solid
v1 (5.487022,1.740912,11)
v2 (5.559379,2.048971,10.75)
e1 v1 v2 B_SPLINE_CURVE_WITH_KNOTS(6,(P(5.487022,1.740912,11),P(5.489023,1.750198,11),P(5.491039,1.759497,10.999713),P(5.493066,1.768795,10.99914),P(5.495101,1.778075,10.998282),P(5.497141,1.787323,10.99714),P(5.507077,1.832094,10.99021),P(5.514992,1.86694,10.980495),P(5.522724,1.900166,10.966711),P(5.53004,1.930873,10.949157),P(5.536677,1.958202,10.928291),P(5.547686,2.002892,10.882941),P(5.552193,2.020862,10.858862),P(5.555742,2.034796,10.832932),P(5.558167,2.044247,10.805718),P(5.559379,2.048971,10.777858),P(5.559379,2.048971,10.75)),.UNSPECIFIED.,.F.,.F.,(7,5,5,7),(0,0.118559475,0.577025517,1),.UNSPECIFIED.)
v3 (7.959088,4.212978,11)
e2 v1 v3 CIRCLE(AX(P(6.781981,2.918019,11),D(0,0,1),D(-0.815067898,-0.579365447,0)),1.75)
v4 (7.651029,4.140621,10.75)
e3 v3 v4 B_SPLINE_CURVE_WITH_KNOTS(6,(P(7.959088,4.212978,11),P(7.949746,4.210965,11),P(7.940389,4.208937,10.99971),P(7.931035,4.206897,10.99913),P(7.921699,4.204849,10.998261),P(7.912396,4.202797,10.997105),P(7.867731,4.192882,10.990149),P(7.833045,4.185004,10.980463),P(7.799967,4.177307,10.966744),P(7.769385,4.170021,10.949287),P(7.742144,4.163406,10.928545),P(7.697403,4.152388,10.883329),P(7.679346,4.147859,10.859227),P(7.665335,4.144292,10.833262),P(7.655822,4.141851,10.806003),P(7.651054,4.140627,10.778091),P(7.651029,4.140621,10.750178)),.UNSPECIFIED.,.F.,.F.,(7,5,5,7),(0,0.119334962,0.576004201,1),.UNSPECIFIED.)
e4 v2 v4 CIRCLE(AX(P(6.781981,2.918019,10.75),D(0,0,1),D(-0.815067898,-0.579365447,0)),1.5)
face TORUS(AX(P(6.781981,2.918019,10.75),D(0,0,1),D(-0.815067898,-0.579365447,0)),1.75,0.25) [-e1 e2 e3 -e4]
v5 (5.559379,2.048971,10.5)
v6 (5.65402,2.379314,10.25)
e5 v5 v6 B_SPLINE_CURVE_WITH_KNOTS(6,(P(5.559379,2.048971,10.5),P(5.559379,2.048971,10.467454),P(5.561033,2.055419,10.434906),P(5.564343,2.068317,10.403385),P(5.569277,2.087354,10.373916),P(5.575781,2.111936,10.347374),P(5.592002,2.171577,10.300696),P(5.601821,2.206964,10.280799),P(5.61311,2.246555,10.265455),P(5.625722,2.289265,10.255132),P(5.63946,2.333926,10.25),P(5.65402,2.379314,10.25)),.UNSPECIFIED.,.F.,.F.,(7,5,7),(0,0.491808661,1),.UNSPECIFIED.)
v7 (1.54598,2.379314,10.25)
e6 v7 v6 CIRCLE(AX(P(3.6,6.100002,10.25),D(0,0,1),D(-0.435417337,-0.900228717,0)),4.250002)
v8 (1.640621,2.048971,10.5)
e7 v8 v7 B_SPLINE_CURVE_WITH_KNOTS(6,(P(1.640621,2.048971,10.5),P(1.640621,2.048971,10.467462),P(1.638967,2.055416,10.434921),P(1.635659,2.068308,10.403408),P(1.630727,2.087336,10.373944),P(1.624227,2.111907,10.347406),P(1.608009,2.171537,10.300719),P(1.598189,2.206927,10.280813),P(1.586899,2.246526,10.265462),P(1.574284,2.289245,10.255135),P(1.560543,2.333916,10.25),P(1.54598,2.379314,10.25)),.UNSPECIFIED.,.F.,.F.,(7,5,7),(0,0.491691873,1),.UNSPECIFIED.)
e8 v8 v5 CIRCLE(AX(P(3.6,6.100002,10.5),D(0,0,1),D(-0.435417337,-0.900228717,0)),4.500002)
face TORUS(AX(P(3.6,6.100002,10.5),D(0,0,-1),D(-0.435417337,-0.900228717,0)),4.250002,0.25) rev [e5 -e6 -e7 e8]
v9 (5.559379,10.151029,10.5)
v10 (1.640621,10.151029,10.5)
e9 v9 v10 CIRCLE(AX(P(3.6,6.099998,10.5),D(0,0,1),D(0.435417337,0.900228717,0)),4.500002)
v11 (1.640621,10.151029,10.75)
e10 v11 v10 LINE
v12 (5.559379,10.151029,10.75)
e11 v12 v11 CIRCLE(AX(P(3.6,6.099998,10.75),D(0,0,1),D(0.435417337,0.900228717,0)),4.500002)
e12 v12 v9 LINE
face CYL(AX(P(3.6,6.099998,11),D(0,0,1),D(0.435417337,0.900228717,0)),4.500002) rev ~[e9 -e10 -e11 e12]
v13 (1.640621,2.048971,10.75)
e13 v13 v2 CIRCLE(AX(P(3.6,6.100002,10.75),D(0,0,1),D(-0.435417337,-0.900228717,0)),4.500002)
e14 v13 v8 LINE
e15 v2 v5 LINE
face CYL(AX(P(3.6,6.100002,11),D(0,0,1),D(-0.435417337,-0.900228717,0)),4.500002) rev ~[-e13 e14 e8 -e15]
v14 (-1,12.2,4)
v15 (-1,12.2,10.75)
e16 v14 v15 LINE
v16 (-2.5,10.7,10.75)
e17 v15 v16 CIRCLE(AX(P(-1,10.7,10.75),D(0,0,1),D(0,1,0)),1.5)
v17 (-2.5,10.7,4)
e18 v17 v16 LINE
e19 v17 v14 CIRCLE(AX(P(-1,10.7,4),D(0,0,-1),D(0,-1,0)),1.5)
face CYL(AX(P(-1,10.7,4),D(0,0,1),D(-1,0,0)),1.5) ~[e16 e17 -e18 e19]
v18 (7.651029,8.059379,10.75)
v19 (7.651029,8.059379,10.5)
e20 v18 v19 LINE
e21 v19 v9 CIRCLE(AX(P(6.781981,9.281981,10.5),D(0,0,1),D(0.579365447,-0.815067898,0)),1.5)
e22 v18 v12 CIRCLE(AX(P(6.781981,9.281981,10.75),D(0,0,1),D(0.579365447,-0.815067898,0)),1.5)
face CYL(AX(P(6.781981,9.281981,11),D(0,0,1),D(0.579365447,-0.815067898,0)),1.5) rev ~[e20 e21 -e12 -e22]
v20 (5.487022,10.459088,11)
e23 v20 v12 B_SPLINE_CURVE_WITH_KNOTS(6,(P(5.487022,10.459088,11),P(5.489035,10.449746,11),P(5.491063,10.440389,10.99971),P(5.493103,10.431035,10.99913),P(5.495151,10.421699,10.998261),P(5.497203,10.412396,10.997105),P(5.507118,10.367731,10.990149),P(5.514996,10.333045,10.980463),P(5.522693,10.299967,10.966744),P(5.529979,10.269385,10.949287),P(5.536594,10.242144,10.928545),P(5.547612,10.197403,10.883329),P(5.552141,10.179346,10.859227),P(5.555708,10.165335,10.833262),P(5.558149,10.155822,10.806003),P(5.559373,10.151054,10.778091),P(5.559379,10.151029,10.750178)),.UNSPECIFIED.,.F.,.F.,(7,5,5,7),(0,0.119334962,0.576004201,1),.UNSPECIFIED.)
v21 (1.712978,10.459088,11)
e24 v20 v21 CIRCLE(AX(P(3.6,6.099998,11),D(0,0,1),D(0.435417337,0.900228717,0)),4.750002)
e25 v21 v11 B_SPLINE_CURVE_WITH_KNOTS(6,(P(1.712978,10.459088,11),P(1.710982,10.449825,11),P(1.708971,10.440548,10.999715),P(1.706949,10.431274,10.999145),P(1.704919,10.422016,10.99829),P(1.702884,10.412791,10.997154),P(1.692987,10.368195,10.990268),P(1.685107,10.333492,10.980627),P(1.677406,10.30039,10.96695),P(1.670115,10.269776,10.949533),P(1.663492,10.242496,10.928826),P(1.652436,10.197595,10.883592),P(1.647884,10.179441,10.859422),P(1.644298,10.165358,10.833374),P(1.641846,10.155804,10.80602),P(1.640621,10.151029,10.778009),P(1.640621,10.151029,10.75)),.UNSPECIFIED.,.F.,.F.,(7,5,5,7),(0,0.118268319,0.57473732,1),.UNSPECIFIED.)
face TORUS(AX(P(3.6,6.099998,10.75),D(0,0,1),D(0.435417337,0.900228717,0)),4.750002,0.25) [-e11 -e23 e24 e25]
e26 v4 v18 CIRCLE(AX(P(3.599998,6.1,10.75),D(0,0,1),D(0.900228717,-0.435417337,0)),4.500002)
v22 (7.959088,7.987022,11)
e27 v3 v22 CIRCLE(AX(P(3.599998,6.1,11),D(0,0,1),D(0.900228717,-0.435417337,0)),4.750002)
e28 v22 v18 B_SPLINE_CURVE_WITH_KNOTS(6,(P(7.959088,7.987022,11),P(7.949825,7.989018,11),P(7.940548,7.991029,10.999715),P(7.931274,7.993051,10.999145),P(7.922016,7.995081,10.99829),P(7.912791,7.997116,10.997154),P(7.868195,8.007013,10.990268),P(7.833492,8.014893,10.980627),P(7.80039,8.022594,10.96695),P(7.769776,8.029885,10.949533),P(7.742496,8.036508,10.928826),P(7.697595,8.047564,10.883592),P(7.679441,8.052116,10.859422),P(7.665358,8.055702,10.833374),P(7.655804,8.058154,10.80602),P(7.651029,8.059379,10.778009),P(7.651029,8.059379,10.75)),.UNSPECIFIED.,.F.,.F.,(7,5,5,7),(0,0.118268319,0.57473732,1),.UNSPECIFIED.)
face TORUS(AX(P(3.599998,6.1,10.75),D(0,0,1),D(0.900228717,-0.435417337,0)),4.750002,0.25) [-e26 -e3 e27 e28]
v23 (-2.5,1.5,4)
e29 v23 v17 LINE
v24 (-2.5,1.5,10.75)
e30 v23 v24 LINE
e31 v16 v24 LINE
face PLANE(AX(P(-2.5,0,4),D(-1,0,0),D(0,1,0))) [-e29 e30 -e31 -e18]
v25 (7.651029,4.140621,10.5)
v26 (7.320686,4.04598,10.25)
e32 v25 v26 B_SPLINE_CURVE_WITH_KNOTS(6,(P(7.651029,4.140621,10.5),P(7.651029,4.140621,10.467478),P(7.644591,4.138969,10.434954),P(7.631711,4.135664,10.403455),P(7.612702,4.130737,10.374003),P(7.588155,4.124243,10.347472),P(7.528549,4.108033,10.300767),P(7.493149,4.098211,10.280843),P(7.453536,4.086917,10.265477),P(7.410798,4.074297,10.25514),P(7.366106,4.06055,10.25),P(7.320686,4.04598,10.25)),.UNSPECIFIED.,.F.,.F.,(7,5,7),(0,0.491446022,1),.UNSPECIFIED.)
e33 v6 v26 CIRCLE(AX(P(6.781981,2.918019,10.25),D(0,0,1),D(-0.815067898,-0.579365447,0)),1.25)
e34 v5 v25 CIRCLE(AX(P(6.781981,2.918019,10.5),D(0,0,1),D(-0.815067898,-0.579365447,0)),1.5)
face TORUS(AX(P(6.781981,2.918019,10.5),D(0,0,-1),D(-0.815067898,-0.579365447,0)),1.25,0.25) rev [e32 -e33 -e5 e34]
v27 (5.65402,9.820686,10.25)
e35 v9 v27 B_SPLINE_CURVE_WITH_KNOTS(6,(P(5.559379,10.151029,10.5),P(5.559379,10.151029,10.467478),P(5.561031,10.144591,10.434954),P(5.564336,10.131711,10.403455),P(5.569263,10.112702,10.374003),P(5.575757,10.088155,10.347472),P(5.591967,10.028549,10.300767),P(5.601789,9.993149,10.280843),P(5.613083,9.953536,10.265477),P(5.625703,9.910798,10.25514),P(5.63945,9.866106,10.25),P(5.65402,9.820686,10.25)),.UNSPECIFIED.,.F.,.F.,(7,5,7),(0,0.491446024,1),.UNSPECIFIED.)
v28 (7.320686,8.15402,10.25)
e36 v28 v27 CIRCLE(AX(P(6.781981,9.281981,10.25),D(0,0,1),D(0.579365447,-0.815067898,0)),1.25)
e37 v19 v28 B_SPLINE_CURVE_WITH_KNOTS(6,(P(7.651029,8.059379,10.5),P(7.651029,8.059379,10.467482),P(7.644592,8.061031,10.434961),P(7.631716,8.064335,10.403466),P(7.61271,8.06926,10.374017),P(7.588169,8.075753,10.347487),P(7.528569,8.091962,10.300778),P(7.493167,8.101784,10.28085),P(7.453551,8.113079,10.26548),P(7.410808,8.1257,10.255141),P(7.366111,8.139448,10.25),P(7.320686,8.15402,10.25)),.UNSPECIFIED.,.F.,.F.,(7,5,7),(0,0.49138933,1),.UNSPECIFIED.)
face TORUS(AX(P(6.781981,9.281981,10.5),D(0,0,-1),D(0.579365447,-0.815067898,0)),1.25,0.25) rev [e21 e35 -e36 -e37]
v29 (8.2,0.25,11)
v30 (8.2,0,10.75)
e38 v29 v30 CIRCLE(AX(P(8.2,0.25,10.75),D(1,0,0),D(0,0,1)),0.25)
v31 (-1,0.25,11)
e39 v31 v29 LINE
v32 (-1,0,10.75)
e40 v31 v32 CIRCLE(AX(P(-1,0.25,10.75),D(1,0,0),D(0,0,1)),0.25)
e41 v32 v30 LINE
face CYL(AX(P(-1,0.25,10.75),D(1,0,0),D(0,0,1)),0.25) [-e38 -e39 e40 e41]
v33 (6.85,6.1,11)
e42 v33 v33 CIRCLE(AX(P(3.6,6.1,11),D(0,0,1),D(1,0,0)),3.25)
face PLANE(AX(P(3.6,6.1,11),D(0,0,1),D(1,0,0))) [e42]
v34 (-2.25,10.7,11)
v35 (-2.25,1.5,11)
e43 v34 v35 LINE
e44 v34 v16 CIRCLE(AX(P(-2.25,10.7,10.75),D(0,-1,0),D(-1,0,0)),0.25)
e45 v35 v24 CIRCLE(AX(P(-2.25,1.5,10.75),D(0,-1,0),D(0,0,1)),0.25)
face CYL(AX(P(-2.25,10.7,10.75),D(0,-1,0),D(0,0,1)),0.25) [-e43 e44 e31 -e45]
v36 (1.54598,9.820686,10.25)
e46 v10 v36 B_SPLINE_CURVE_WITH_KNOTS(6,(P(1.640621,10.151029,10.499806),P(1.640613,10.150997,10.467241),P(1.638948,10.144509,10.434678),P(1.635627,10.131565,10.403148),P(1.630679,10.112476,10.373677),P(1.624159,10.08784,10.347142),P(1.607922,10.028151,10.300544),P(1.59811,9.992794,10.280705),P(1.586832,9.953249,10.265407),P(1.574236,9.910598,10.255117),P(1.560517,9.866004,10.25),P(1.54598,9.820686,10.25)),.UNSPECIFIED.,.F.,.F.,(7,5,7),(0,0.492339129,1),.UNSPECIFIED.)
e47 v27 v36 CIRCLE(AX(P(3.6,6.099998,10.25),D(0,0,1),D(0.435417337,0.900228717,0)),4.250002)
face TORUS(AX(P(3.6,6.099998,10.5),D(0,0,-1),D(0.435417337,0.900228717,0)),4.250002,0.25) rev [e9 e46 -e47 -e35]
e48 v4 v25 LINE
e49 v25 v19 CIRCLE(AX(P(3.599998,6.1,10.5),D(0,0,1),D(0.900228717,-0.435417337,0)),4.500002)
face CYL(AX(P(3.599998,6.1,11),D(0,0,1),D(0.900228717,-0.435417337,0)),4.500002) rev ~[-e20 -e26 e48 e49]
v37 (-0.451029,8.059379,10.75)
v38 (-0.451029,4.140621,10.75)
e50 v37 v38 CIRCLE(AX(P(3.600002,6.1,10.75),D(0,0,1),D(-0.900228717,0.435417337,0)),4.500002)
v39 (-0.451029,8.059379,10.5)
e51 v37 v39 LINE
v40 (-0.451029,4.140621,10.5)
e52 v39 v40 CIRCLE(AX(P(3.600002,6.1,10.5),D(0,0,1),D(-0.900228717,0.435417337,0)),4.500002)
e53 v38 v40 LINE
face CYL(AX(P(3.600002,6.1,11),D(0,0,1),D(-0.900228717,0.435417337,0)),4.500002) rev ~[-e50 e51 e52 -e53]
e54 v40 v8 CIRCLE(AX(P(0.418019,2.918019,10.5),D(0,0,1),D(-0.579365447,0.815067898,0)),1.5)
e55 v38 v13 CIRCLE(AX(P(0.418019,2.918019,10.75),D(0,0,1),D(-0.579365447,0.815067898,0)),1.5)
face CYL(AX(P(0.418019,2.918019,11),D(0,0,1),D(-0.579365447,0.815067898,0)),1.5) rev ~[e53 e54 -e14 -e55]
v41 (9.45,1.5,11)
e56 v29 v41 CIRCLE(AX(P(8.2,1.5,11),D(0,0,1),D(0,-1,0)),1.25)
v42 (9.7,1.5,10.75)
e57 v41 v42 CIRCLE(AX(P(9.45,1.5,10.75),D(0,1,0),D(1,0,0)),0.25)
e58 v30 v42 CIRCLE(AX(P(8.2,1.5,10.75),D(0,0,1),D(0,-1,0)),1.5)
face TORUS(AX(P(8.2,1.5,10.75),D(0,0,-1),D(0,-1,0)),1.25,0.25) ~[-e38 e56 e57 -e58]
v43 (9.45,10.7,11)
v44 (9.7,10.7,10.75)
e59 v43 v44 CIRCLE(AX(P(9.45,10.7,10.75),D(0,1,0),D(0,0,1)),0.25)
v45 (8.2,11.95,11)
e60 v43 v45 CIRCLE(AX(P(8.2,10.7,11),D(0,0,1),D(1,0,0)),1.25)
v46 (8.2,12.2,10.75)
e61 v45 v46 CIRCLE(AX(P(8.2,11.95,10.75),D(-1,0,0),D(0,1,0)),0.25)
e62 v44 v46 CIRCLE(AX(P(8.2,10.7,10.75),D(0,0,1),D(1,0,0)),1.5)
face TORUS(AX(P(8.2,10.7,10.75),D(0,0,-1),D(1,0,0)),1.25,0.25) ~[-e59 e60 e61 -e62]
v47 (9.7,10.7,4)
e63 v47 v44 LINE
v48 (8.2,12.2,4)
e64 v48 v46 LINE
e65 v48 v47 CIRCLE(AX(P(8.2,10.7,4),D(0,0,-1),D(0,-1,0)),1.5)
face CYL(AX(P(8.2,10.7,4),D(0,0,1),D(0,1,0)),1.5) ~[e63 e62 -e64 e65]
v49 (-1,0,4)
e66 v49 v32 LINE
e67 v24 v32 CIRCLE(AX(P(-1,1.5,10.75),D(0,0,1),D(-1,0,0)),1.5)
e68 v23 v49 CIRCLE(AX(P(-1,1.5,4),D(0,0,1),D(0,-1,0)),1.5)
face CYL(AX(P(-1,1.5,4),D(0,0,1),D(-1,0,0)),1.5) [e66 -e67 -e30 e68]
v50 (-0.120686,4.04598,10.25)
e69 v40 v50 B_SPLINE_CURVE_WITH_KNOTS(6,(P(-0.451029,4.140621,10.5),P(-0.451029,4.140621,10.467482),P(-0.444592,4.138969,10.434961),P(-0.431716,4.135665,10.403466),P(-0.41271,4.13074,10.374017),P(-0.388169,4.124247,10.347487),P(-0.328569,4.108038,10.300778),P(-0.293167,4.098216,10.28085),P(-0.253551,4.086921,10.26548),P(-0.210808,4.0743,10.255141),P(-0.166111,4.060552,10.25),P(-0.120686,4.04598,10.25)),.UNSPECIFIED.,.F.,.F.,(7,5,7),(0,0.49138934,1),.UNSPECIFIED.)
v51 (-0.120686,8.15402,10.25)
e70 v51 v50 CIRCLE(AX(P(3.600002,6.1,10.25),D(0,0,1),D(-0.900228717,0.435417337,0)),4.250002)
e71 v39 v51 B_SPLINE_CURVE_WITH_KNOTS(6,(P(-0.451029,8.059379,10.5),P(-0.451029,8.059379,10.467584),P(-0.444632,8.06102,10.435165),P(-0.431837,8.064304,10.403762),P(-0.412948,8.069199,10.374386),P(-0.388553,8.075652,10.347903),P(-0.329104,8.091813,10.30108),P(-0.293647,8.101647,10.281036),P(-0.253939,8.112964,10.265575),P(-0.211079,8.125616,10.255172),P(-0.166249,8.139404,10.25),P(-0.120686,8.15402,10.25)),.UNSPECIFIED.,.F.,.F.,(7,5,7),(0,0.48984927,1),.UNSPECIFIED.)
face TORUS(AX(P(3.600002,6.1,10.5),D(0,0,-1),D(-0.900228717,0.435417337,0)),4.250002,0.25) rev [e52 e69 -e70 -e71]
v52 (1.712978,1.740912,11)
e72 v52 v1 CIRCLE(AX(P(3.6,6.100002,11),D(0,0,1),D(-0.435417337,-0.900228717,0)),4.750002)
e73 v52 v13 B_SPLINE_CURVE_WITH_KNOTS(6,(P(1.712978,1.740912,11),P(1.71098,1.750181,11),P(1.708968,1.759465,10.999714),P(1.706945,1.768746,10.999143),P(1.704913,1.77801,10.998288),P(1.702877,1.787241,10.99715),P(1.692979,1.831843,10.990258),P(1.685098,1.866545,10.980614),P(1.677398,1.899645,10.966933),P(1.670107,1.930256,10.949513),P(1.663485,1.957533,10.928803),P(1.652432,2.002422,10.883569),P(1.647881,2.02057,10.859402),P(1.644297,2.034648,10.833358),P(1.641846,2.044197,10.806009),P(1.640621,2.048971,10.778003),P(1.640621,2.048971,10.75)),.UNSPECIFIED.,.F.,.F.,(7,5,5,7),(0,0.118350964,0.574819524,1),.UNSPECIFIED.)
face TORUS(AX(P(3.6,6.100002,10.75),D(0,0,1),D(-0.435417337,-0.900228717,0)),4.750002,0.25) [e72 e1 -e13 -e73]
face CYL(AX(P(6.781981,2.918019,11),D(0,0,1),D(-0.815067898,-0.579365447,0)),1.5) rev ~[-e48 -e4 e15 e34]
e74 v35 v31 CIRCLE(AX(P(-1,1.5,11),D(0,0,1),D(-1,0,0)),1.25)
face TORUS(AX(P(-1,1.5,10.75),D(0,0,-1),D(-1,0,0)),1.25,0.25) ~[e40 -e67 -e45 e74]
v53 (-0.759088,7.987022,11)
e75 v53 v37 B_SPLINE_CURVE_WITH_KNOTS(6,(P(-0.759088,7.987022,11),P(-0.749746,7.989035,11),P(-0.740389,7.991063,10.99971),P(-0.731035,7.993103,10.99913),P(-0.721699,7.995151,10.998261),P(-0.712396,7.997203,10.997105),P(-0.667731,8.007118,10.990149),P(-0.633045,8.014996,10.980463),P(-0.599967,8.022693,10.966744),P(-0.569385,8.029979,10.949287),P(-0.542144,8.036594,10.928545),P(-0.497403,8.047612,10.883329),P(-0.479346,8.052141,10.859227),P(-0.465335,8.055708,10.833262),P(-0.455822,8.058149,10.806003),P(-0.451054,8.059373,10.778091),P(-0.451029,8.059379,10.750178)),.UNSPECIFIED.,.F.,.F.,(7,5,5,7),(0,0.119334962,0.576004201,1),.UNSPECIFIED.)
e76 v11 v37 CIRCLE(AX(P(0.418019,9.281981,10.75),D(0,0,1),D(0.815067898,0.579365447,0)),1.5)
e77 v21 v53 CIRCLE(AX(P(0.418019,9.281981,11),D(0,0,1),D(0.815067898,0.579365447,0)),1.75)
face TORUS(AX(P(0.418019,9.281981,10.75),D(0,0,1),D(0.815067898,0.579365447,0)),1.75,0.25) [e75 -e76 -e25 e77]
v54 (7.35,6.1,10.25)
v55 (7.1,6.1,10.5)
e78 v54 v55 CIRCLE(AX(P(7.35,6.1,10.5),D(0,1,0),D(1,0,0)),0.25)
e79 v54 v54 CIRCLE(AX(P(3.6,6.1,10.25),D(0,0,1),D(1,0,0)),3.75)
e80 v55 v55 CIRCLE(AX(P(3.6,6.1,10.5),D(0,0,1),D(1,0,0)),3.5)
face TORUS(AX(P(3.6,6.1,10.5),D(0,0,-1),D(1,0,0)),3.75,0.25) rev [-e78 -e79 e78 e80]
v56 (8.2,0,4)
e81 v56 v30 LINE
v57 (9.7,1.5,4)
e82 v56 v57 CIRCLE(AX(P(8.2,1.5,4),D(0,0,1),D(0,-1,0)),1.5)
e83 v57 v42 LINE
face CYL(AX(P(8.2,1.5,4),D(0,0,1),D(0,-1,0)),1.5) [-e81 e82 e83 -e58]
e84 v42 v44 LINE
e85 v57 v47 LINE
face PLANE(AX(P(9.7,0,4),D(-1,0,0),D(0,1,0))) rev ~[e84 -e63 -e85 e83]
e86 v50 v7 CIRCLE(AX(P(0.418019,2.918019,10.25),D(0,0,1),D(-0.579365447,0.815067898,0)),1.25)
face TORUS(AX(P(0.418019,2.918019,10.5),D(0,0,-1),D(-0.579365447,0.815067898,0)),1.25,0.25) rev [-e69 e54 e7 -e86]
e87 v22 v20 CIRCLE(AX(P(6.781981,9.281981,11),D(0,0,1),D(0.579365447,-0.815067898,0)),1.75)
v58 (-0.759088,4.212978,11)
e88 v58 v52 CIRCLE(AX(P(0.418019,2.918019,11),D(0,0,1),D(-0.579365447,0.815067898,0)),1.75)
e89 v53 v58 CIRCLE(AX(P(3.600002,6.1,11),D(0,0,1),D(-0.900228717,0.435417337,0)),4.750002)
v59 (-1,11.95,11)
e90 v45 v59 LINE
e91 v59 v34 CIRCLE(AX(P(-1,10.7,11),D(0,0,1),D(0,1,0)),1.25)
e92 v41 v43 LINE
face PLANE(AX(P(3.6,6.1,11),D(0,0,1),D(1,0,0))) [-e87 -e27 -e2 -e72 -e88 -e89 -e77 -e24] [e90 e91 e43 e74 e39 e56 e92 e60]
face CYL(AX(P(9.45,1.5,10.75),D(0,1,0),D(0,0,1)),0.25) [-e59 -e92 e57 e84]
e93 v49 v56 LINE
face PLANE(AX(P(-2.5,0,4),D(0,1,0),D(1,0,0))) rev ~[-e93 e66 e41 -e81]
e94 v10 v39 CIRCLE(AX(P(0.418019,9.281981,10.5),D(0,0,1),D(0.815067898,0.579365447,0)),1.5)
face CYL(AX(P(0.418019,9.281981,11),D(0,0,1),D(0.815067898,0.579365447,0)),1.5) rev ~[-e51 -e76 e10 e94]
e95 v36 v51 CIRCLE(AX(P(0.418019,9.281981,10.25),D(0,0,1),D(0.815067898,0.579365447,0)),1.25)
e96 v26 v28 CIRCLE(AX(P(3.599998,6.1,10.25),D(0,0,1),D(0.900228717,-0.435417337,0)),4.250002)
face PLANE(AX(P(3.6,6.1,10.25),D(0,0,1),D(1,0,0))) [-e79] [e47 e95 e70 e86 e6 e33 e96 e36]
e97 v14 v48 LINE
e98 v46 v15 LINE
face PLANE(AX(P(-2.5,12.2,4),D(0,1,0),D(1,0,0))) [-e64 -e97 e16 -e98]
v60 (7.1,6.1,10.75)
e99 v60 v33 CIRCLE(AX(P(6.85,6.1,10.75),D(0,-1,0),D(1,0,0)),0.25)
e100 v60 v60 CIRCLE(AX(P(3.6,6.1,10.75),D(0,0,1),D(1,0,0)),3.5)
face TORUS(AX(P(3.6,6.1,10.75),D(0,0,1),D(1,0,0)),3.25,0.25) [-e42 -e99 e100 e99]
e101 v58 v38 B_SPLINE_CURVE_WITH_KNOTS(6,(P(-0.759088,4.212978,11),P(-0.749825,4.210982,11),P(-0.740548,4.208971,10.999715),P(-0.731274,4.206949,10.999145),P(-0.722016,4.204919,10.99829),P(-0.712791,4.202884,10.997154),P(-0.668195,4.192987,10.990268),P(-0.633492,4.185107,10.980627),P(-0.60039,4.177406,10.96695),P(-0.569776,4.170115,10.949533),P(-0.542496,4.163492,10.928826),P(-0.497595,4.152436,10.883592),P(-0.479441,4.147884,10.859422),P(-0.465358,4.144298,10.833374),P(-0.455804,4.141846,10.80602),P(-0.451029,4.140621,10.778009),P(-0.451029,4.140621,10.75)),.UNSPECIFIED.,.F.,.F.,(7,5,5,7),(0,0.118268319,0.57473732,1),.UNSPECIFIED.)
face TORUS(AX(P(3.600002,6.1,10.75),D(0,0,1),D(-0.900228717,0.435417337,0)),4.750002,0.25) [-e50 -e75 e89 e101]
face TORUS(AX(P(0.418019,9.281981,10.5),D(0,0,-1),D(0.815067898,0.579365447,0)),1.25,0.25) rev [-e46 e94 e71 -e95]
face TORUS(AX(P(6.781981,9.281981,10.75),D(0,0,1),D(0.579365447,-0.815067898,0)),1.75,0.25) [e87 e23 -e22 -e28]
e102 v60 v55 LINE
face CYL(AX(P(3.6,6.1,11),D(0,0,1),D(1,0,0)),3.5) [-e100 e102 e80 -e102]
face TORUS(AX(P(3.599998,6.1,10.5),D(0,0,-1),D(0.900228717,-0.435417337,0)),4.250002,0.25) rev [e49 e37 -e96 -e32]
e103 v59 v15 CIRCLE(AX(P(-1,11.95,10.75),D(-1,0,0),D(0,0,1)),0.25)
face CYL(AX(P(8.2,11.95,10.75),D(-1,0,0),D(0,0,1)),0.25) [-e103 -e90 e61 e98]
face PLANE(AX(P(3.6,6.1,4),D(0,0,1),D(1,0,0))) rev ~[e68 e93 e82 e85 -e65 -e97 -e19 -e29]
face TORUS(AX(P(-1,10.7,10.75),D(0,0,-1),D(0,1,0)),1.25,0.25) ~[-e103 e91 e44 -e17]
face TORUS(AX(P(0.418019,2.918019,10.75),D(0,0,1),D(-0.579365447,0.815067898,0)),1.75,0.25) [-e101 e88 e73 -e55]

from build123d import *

# Parameters (mm, degrees)
SKETCH015_W  = 12.2
SKETCH015_H  = 12.2
PAD076_DEPTH = 7
SKETCH016_R  = 3.5
POCKET_DEPTH = 0.75
FILLET002_R  = 1.5
FILLET003_R  = 0.25


with BuildPart() as part:
    # Sketch015 (on Face1 of CopyPad002) → Pad076 (new body)
    with BuildSketch(Plane.XY.offset(4)):
        with Locations((3.6, 6.1)):
            Rectangle(SKETCH015_W, SKETCH015_H)
    extrude(amount=PAD076_DEPTH)

    # Sketch016 (on Face6 of Pad076) → Pocket (cut)
    with BuildSketch(Plane.XY.offset(11)):
        with BuildLine():
            ThreePointArc((5.559379, 2.048971), (7.842641, 1.857359), (7.651029, 4.140621))
            ThreePointArc((7.651029, 4.140621), (8.1, 6.1), (7.651029, 8.059379))
            ThreePointArc((7.651029, 8.059379), (7.842641, 10.342641), (5.559379, 10.151029))
            ThreePointArc((5.559379, 10.151029), (3.6, 10.6), (1.640621, 10.151029))
            ThreePointArc((1.640621, 10.151029), (-0.642641, 10.342641), (-0.451029, 8.059379))
            ThreePointArc((-0.451029, 8.059379), (-0.9, 6.1), (-0.451029, 4.140621))
            ThreePointArc((-0.451029, 4.140621), (-0.642641, 1.857359), (1.640621, 2.048971))
            ThreePointArc((1.640621, 2.048971), (3.6, 1.6), (5.559379, 2.048971))
        make_face()
        with Locations((3.6, 6.1)):
            Circle(SKETCH016_R, mode=Mode.SUBTRACT)
    extrude(amount=-POCKET_DEPTH, mode=Mode.SUBTRACT)

    # Fillet002
    fillet002_edges = [part.edges().sort_by_distance(p)[0] for p in [
        (9.7, 0, 7.5),
        (-2.5, 0, 7.5),
        (9.7, 12.2, 7.5),
        (-2.5, 12.2, 7.5),
    ]]
    fillet(fillet002_edges, radius=FILLET002_R)

    # Fillet003
    fillet003_edges = [part.edges().sort_by_distance(p)[0] for p in [
        (7.842641, 1.857359, 10.25),
        (8.1, 6.1, 10.25),
        (7.842641, 10.342641, 10.25),
        (3.6, 10.6, 10.25),
        (-0.642641, 10.342641, 10.25),
        (-0.9, 6.1, 10.25),
        (-0.642641, 1.857359, 10.25),
        (3.6, 1.6, 10.25),
        (0.1, 6.1, 10.25),
        (0.1, 6.1, 11),
        (3.6, 0, 11),
        (-2.06066, 0.43934, 11),
        (9.26066, 0.43934, 11),
        (-2.5, 6.1, 11),
        (9.7, 6.1, 11),
        (-2.06066, 11.76066, 11),
        (9.26066, 11.76066, 11),
        (3.6, 12.2, 11),
        (7.842641, 1.857359, 11),
        (8.1, 6.1, 11),
        (7.842641, 10.342641, 11),
        (3.6, 10.6, 11),
        (-0.642641, 10.342641, 11),
        (-0.9, 6.1, 11),
        (-0.642641, 1.857359, 11),
        (3.6, 1.6, 11),
    ]]
    fillet(fillet003_edges, radius=FILLET003_R)


solid = part.part
